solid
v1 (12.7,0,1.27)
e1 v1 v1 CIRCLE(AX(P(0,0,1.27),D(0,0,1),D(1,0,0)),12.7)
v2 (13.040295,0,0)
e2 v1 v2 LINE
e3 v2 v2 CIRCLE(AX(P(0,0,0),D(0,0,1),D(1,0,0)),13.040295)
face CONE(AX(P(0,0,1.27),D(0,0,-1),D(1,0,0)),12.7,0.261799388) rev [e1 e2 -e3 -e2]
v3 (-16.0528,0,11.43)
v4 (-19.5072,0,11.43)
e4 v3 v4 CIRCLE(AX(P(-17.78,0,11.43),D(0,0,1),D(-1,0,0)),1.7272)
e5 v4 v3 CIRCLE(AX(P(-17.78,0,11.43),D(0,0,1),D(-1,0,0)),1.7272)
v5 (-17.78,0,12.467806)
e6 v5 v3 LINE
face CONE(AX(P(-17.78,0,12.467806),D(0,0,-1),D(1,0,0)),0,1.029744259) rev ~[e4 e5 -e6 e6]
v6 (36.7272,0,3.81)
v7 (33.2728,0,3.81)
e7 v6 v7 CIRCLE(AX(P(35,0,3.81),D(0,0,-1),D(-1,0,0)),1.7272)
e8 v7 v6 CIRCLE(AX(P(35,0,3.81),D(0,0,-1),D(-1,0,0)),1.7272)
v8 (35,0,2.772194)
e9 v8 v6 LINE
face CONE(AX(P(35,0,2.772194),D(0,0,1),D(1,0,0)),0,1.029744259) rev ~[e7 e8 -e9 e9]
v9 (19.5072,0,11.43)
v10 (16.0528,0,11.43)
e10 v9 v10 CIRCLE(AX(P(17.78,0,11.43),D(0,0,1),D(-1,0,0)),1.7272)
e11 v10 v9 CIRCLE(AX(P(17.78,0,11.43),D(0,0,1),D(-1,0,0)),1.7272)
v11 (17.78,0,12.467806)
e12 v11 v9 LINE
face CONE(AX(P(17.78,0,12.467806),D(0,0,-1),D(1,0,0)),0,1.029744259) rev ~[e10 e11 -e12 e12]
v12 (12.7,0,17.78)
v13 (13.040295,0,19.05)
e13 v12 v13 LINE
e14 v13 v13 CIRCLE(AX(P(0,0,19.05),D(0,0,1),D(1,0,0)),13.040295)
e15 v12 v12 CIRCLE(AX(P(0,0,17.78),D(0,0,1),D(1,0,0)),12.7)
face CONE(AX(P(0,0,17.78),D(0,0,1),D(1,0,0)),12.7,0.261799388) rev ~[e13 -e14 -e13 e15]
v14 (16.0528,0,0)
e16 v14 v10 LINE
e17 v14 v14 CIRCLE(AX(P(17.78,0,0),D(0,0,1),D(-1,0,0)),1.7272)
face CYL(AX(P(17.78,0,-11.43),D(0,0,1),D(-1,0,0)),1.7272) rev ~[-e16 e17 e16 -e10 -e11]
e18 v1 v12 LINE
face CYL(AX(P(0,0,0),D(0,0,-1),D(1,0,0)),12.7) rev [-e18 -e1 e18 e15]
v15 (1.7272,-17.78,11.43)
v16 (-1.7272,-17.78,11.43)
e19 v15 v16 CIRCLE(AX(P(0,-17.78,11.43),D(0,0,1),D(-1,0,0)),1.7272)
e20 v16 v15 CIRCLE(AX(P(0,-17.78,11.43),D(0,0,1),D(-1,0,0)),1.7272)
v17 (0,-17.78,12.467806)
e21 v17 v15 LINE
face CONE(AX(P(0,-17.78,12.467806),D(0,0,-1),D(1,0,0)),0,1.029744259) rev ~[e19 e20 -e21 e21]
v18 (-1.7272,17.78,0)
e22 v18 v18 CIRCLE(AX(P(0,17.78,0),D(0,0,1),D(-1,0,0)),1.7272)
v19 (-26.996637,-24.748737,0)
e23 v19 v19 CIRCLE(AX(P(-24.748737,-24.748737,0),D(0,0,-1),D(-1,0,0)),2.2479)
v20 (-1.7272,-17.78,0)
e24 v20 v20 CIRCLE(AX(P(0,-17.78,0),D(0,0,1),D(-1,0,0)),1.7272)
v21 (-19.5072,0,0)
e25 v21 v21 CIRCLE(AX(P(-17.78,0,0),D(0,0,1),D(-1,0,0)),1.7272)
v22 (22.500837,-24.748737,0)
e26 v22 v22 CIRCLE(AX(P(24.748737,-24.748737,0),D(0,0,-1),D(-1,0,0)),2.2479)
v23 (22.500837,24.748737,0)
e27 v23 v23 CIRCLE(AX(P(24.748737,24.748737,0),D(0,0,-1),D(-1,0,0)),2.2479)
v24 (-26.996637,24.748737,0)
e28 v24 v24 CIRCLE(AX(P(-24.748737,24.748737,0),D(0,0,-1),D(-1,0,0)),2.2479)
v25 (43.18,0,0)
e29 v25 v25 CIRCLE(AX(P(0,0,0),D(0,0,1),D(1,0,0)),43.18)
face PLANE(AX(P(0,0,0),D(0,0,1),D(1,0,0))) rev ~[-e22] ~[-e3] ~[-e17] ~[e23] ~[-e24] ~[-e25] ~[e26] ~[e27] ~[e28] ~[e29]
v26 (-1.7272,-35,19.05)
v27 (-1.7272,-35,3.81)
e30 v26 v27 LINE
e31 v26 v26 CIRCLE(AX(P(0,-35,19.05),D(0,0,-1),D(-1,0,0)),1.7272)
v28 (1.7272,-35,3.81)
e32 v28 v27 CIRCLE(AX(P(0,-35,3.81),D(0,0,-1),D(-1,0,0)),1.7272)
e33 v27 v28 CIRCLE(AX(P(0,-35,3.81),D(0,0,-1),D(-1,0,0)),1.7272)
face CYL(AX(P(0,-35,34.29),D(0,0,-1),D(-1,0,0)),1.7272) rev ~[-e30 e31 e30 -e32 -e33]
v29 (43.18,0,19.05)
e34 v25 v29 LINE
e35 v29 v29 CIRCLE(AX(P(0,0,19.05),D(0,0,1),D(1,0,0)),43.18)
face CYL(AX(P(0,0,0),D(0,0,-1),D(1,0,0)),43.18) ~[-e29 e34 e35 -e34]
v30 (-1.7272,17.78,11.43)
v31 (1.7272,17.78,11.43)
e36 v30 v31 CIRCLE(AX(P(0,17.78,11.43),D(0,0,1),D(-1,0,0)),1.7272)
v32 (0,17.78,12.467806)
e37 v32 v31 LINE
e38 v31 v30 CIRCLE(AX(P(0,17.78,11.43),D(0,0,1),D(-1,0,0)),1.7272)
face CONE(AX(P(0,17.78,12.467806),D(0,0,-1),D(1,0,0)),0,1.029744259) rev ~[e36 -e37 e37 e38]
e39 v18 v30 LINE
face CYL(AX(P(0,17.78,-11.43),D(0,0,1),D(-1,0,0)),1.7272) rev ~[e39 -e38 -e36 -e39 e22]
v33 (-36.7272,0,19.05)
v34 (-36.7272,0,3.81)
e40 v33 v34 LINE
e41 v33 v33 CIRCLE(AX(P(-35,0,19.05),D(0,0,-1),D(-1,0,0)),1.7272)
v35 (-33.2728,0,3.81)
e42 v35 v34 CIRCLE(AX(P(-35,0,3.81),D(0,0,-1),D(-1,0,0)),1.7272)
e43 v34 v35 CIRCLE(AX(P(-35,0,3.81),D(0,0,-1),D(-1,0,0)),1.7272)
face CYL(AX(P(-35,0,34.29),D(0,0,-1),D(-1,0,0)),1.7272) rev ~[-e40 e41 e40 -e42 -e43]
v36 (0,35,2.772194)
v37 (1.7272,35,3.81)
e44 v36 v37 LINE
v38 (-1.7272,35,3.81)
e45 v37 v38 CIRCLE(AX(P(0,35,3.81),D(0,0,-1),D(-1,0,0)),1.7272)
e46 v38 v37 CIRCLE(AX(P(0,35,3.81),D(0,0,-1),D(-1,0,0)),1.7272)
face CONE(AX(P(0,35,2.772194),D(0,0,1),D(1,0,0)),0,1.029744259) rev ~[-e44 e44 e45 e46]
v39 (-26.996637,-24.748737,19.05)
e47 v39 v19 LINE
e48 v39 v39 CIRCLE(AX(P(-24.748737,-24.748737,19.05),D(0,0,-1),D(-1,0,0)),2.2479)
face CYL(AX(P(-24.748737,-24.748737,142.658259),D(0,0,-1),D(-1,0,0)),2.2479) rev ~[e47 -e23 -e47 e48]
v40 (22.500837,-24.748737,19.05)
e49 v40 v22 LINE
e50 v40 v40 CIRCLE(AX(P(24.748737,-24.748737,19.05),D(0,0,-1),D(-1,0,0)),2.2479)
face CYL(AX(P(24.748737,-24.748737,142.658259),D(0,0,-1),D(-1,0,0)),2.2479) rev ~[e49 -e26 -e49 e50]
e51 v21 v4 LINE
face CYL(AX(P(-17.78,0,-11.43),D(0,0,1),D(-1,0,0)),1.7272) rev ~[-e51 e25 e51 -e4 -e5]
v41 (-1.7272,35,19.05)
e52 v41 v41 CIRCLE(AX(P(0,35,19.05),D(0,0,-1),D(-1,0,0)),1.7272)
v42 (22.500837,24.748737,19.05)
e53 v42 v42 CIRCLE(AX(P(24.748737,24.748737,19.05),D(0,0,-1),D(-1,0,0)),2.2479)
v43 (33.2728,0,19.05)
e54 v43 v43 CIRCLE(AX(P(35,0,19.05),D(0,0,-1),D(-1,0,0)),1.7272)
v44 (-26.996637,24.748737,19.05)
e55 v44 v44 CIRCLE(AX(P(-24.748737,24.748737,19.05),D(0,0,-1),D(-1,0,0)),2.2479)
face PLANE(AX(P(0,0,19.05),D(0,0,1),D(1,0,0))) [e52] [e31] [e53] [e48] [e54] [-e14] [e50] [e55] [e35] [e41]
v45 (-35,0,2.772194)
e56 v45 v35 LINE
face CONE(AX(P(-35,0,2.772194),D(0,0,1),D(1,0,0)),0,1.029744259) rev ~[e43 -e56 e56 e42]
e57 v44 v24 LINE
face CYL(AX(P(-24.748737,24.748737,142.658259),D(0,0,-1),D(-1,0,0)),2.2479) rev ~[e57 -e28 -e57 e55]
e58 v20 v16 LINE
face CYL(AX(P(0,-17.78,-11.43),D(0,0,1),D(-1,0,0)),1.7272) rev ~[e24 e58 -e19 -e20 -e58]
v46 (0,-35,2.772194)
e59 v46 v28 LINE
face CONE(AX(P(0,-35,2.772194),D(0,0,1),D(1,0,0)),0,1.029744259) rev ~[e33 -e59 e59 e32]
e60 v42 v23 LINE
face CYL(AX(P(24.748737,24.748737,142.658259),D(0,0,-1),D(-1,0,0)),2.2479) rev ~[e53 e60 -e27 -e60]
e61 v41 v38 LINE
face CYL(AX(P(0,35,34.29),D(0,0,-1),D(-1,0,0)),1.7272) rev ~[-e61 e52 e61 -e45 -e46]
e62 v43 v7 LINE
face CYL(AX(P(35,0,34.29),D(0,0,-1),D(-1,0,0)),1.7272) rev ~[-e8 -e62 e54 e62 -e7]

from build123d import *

# Parameters (mm, degrees)
F0_R     = 43.18
F0_R_2   = 12.7
F1_DEPTH = 19.05
F2_SIZE2 = 0.3402954744
F2_SIZE  = 1.27
F4_D     = 3.4544
F4_DEPTH = 11.43
F4_TIP   = 1.0378064612
F6_D     = 3.4544
F6_DEPTH = 15.24
F6_TIP   = 1.0378064612
F8_D     = 4.4958


with BuildPart() as f1:
    # F0 (on Top) → F1 (new body)
    with BuildSketch(Plane.XY):
        Circle(F0_R)
        Circle(F0_R_2, mode=Mode.SUBTRACT)
    extrude(amount=F1_DEPTH)

    # F2
    f2_edges = [f1.edges().sort_by_distance(p)[0] for p in [
        (-12.7, 0, 19.05),
        (-12.7, 0, 0),
    ]]
    f2_side = f1.faces().sort_by_distance((-12.7, 0, 9.525))[0]
    chamfer(f2_edges, length=F2_SIZE, length2=F2_SIZE2, reference=f2_side)

    # F4
    with Locations(Plane(origin=(0, 0, 0), x_dir=(1, 0, 0), z_dir=(0, 0, -1))):
        with Locations((0, -17.78), (-17.78, 0), (0, 17.78), (17.78, 0)):
            Hole(F4_D / 2, depth=F4_DEPTH)
            with Locations((0, 0, -(F4_DEPTH + F4_TIP / 2))):  # 118° drill point
                Cone(0, F4_D / 2, F4_TIP, mode=Mode.SUBTRACT)

    # F6
    with Locations(Plane.XY.offset(19.05)):
        with Locations((35, 0), (0, -35), (-35, 0), (0, 35)):
            Hole(F6_D / 2, depth=F6_DEPTH)
            with Locations((0, 0, -(F6_DEPTH + F6_TIP / 2))):  # 118° drill point
                Cone(0, F6_D / 2, F6_TIP, mode=Mode.SUBTRACT)

    # F8 (through all)
    with Locations(Plane.XY.offset(19.05)):
        with Locations((24.7487373415, -24.7487373415), (-24.7487373415, -24.7487373415), (-24.7487373415, 24.7487373415), (24.7487373415, 24.7487373415)):
            Hole(F8_D / 2)


solid = f1.part
